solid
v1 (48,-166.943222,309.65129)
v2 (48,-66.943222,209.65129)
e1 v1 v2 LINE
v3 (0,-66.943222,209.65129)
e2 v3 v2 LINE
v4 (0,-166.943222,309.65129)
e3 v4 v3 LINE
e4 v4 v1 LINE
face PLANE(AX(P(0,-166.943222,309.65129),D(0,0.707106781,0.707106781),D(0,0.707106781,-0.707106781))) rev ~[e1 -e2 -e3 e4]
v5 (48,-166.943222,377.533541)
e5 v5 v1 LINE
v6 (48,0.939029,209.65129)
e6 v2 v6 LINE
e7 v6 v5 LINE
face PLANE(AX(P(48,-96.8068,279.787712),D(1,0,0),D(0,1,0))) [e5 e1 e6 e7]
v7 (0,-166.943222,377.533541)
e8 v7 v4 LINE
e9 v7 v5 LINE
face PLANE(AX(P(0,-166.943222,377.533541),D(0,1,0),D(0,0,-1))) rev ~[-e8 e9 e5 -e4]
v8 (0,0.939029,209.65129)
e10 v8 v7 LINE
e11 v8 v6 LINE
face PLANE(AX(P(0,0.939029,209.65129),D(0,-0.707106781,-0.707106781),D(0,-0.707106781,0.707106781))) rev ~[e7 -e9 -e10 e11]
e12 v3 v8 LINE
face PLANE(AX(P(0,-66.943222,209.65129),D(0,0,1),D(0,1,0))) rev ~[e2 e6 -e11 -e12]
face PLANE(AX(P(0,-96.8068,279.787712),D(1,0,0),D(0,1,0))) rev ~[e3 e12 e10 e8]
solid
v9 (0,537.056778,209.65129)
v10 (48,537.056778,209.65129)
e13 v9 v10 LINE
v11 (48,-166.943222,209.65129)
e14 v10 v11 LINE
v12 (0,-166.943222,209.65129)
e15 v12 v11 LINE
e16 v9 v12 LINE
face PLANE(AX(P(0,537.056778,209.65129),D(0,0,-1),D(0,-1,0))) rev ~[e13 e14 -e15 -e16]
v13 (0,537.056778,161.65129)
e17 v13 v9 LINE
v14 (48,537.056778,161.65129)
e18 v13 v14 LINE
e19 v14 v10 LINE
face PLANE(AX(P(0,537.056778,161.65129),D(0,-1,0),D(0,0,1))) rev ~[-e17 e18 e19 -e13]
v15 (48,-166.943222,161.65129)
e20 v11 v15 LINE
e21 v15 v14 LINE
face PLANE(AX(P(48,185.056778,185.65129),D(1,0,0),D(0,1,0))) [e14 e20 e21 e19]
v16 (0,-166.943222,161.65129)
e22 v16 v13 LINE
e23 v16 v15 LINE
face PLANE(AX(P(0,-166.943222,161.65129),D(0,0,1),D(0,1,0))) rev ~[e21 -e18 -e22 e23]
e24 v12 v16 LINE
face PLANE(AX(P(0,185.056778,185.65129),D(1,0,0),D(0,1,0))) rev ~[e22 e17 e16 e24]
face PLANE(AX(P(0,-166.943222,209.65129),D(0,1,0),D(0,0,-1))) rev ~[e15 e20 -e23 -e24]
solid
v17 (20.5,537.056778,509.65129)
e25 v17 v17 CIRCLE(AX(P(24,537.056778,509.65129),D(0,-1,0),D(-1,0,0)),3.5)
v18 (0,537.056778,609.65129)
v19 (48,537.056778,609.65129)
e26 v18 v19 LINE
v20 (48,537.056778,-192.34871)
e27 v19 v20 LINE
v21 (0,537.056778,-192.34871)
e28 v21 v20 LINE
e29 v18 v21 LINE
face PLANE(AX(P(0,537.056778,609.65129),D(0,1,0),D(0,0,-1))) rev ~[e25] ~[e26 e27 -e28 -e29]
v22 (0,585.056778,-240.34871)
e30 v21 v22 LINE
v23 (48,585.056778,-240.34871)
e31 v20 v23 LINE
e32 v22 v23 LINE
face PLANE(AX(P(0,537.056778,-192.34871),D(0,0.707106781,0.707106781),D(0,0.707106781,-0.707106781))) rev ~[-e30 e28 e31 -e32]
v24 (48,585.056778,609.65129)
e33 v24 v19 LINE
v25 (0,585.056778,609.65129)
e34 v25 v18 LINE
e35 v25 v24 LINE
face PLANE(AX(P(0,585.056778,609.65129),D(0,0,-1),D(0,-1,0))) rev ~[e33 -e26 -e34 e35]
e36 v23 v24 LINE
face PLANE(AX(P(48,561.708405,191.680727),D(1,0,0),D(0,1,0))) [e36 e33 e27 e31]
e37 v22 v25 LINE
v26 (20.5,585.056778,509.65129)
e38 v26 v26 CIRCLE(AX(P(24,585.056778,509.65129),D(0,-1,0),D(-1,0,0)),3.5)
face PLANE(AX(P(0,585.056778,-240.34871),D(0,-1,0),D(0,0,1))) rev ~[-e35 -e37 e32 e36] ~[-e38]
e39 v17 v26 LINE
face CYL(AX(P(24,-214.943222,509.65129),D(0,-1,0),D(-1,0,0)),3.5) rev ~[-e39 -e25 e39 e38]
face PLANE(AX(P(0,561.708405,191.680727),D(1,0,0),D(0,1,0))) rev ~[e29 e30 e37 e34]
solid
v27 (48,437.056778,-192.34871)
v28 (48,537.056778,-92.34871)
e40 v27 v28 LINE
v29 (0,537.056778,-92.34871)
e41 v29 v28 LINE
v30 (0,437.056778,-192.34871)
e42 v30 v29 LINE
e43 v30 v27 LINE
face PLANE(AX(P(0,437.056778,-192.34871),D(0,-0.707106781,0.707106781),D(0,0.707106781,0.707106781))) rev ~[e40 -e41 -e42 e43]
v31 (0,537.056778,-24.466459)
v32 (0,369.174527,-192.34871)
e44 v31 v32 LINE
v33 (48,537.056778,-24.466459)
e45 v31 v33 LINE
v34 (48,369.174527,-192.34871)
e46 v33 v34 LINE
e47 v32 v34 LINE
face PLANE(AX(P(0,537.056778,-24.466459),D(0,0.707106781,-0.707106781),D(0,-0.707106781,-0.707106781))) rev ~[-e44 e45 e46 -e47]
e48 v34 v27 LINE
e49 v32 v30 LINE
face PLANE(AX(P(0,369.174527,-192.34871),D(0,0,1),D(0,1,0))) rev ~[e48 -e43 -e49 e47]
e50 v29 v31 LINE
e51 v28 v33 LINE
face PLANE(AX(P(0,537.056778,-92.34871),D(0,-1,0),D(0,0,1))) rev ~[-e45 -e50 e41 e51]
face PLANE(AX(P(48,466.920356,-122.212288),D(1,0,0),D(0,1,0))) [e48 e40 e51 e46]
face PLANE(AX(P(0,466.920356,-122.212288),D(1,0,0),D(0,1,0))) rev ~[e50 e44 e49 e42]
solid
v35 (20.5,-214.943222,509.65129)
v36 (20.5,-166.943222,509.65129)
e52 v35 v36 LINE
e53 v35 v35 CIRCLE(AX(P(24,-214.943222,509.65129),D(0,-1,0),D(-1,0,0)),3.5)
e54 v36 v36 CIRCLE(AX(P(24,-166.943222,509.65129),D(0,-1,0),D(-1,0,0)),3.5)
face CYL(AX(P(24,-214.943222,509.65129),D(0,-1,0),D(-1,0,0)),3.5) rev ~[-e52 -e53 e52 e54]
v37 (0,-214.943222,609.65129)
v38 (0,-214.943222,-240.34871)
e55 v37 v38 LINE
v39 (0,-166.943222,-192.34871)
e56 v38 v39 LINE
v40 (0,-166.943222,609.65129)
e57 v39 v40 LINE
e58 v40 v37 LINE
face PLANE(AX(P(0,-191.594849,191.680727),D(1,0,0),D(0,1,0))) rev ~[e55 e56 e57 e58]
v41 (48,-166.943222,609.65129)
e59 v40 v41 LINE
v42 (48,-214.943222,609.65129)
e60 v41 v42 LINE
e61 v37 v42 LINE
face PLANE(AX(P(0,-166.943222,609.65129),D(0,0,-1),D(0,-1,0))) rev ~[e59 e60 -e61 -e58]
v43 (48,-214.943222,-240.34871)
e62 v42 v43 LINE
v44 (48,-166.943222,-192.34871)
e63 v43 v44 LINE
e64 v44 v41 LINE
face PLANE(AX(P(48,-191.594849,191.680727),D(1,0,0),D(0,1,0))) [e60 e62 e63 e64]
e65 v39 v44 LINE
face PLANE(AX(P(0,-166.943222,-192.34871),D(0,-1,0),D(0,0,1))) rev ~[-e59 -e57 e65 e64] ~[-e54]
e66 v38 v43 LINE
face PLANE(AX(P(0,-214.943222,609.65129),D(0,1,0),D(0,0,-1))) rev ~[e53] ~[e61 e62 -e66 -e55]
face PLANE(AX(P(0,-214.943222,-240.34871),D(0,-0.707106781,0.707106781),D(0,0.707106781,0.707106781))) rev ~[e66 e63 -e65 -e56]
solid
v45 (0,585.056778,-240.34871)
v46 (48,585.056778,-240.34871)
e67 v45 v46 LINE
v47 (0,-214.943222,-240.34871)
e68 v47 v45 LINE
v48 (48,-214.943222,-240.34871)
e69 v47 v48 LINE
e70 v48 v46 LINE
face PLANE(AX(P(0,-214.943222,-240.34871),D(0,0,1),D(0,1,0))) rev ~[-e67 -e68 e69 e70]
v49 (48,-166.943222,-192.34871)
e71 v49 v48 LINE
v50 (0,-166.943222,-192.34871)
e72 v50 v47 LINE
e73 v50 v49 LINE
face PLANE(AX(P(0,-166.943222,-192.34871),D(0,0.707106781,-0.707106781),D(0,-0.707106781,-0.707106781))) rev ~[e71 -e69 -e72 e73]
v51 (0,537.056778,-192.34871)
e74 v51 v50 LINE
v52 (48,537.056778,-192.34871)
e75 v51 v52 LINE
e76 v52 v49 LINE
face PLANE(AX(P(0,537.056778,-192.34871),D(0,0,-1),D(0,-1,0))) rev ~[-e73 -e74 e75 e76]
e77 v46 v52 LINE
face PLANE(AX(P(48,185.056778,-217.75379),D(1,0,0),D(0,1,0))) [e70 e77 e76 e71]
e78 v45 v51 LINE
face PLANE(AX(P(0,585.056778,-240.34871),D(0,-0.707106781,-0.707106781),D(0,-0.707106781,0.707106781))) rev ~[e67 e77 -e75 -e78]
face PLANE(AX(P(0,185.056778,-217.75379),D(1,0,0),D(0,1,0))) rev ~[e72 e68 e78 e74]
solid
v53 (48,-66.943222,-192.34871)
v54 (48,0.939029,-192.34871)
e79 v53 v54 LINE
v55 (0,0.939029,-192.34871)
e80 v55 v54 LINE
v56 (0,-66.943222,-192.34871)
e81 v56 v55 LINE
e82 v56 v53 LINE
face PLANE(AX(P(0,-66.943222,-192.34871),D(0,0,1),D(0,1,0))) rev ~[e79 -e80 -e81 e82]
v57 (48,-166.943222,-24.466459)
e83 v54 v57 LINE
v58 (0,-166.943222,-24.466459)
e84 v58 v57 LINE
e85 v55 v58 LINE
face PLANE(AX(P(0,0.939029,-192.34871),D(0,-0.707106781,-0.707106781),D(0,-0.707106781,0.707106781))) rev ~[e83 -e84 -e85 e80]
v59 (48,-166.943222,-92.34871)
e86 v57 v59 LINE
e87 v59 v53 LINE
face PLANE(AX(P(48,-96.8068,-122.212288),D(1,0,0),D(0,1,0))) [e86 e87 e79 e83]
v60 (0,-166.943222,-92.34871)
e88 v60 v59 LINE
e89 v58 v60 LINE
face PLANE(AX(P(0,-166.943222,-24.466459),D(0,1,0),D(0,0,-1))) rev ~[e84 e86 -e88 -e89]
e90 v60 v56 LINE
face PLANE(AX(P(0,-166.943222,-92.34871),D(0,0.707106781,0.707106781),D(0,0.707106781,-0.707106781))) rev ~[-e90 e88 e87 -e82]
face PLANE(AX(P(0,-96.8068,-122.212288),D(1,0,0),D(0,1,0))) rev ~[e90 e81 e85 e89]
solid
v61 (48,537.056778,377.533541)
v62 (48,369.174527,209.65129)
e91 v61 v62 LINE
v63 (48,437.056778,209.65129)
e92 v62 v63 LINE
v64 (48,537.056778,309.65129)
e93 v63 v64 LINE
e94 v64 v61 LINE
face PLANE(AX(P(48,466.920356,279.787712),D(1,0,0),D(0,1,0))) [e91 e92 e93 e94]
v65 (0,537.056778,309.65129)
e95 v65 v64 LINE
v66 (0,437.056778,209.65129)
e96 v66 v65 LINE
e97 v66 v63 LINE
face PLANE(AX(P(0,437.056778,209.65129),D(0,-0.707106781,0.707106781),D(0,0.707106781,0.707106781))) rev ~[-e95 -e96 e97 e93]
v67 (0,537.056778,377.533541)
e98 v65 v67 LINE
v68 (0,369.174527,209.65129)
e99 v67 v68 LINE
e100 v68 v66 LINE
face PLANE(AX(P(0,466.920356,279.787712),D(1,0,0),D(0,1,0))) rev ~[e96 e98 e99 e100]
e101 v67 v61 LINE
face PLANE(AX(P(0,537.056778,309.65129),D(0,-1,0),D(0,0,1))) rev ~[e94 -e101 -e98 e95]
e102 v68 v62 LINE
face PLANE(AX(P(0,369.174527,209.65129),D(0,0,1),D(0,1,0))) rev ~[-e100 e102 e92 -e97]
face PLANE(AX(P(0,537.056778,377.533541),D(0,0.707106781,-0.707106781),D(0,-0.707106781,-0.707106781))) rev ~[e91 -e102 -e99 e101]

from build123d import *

# Parameters (mm, degrees)
F1_DEPTH  = 48
F2_DEPTH  = 48
F3_DEPTH  = 48
F4_DEPTH  = 48
F5_DEPTH  = 48
F6_DEPTH  = 48
F7_DEPTH  = 48
F8_DEPTH  = 48
F10_DEPTH = 800.001


with BuildPart() as f1:
    # F0 (on Right) → F1 (new body)
    with BuildSketch(Plane.YZ):
        Polygon((-166.943222, -192.34871), (-214.943222, -240.34871), (585.056778, -240.34871), (537.056778, -192.34871), (437.056778, -192.34871), (369.174527, -192.34871), (0.939029, -192.34871), (-66.943222, -192.34871), align=None)
    extrude(amount=F1_DEPTH)


with BuildPart() as f2:
    # F0 (on Right) → F2 (new body)
    with BuildSketch(Plane.YZ):
        Polygon((-166.943222, 609.65129), (-214.943222, 609.65129), (-214.943222, -240.34871), (-166.943222, -192.34871), (-166.943222, -92.34871), (-166.943222, -24.466459), (-166.943222, 161.65129), (-166.943222, 209.65129), (-166.943222, 309.65129), (-166.943222, 377.533541), align=None)
    extrude(amount=F2_DEPTH)


with BuildPart() as f3:
    # F0 (on Right) → F3 (new body)
    with BuildSketch(Plane.YZ):
        Polygon((-166.943222, -24.466459), (-166.943222, -92.34871), (-66.943222, -192.34871), (0.939029, -192.34871), align=None)
    extrude(amount=F3_DEPTH)


with BuildPart() as f4:
    # F0 (on Right) → F4 (new body)
    with BuildSketch(Plane.YZ):
        Polygon((0.939029, 209.65129), (-166.943222, 377.533541), (-166.943222, 309.65129), (-66.943222, 209.65129), align=None)
    extrude(amount=F4_DEPTH)


with BuildPart() as f5:
    # F0 (on Right) → F5 (new body)
    with BuildSketch(Plane.YZ):
        Polygon((537.056778, 377.533541), (369.174527, 209.65129), (437.056778, 209.65129), (537.056778, 309.65129), align=None)
    extrude(amount=F5_DEPTH)


with BuildPart() as f6:
    # F0 (on Right) → F6 (new body)
    with BuildSketch(Plane.YZ):
        Polygon((369.174527, -192.34871), (437.056778, -192.34871), (537.056778, -92.34871), (537.056778, -24.466459), align=None)
    extrude(amount=F6_DEPTH)


with BuildPart() as f7:
    # F0 (on Right) → F7 (new body)
    with BuildSketch(Plane.YZ):
        Polygon((537.056778, -192.34871), (585.056778, -240.34871), (585.056778, 609.65129), (537.056778, 609.65129), (537.056778, 377.533541), (537.056778, 309.65129), (537.056778, 209.65129), (537.056778, 161.65129), (537.056778, -24.466459), (537.056778, -92.34871), align=None)
    extrude(amount=F7_DEPTH)


with BuildPart() as f8:
    # F0 (on Right) → F8 (new body)
    with BuildSketch(Plane.YZ):
        Polygon((369.174527, 209.65129), (0.939029, 209.65129), (-66.943222, 209.65129), (-166.943222, 209.65129), (-166.943222, 161.65129), (537.056778, 161.65129), (537.056778, 209.65129), (437.056778, 209.65129), align=None)
    extrude(amount=F8_DEPTH)


with BuildPart() as f10_tool:
    # F9 (on face) → F10 (new body, through all)
    with BuildSketch(Plane.XZ.offset(214.943222)):
        with BuildLine():
            Line((20.5, 509.65129), (24, 509.65129))
            Line((24, 509.65129), (27.5, 509.65129))
            ThreePointArc((27.5, 509.65129), (24, 513.15129), (20.5, 509.65129))
        make_face()
        with BuildLine():
            Line((27.5, 509.65129), (24, 509.65129))
            Line((24, 509.65129), (20.5, 509.65129))
            ThreePointArc((20.5, 509.65129), (24, 506.15129), (27.5, 509.65129))
        make_face()
    extrude(amount=-F10_DEPTH)


with BuildPart() as f2_1:
    add(f2.part)

    # F10: cut by f10_tool
    add(f10_tool.part, mode=Mode.SUBTRACT)


with BuildPart() as f7_1:
    add(f7.part)

    # F10: cut by f10_tool
    add(f10_tool.part, mode=Mode.SUBTRACT)


solid = Compound([f1.part, f3.part, f4.part, f5.part, f6.part, f8.part, f2_1.part, f7_1.part])
